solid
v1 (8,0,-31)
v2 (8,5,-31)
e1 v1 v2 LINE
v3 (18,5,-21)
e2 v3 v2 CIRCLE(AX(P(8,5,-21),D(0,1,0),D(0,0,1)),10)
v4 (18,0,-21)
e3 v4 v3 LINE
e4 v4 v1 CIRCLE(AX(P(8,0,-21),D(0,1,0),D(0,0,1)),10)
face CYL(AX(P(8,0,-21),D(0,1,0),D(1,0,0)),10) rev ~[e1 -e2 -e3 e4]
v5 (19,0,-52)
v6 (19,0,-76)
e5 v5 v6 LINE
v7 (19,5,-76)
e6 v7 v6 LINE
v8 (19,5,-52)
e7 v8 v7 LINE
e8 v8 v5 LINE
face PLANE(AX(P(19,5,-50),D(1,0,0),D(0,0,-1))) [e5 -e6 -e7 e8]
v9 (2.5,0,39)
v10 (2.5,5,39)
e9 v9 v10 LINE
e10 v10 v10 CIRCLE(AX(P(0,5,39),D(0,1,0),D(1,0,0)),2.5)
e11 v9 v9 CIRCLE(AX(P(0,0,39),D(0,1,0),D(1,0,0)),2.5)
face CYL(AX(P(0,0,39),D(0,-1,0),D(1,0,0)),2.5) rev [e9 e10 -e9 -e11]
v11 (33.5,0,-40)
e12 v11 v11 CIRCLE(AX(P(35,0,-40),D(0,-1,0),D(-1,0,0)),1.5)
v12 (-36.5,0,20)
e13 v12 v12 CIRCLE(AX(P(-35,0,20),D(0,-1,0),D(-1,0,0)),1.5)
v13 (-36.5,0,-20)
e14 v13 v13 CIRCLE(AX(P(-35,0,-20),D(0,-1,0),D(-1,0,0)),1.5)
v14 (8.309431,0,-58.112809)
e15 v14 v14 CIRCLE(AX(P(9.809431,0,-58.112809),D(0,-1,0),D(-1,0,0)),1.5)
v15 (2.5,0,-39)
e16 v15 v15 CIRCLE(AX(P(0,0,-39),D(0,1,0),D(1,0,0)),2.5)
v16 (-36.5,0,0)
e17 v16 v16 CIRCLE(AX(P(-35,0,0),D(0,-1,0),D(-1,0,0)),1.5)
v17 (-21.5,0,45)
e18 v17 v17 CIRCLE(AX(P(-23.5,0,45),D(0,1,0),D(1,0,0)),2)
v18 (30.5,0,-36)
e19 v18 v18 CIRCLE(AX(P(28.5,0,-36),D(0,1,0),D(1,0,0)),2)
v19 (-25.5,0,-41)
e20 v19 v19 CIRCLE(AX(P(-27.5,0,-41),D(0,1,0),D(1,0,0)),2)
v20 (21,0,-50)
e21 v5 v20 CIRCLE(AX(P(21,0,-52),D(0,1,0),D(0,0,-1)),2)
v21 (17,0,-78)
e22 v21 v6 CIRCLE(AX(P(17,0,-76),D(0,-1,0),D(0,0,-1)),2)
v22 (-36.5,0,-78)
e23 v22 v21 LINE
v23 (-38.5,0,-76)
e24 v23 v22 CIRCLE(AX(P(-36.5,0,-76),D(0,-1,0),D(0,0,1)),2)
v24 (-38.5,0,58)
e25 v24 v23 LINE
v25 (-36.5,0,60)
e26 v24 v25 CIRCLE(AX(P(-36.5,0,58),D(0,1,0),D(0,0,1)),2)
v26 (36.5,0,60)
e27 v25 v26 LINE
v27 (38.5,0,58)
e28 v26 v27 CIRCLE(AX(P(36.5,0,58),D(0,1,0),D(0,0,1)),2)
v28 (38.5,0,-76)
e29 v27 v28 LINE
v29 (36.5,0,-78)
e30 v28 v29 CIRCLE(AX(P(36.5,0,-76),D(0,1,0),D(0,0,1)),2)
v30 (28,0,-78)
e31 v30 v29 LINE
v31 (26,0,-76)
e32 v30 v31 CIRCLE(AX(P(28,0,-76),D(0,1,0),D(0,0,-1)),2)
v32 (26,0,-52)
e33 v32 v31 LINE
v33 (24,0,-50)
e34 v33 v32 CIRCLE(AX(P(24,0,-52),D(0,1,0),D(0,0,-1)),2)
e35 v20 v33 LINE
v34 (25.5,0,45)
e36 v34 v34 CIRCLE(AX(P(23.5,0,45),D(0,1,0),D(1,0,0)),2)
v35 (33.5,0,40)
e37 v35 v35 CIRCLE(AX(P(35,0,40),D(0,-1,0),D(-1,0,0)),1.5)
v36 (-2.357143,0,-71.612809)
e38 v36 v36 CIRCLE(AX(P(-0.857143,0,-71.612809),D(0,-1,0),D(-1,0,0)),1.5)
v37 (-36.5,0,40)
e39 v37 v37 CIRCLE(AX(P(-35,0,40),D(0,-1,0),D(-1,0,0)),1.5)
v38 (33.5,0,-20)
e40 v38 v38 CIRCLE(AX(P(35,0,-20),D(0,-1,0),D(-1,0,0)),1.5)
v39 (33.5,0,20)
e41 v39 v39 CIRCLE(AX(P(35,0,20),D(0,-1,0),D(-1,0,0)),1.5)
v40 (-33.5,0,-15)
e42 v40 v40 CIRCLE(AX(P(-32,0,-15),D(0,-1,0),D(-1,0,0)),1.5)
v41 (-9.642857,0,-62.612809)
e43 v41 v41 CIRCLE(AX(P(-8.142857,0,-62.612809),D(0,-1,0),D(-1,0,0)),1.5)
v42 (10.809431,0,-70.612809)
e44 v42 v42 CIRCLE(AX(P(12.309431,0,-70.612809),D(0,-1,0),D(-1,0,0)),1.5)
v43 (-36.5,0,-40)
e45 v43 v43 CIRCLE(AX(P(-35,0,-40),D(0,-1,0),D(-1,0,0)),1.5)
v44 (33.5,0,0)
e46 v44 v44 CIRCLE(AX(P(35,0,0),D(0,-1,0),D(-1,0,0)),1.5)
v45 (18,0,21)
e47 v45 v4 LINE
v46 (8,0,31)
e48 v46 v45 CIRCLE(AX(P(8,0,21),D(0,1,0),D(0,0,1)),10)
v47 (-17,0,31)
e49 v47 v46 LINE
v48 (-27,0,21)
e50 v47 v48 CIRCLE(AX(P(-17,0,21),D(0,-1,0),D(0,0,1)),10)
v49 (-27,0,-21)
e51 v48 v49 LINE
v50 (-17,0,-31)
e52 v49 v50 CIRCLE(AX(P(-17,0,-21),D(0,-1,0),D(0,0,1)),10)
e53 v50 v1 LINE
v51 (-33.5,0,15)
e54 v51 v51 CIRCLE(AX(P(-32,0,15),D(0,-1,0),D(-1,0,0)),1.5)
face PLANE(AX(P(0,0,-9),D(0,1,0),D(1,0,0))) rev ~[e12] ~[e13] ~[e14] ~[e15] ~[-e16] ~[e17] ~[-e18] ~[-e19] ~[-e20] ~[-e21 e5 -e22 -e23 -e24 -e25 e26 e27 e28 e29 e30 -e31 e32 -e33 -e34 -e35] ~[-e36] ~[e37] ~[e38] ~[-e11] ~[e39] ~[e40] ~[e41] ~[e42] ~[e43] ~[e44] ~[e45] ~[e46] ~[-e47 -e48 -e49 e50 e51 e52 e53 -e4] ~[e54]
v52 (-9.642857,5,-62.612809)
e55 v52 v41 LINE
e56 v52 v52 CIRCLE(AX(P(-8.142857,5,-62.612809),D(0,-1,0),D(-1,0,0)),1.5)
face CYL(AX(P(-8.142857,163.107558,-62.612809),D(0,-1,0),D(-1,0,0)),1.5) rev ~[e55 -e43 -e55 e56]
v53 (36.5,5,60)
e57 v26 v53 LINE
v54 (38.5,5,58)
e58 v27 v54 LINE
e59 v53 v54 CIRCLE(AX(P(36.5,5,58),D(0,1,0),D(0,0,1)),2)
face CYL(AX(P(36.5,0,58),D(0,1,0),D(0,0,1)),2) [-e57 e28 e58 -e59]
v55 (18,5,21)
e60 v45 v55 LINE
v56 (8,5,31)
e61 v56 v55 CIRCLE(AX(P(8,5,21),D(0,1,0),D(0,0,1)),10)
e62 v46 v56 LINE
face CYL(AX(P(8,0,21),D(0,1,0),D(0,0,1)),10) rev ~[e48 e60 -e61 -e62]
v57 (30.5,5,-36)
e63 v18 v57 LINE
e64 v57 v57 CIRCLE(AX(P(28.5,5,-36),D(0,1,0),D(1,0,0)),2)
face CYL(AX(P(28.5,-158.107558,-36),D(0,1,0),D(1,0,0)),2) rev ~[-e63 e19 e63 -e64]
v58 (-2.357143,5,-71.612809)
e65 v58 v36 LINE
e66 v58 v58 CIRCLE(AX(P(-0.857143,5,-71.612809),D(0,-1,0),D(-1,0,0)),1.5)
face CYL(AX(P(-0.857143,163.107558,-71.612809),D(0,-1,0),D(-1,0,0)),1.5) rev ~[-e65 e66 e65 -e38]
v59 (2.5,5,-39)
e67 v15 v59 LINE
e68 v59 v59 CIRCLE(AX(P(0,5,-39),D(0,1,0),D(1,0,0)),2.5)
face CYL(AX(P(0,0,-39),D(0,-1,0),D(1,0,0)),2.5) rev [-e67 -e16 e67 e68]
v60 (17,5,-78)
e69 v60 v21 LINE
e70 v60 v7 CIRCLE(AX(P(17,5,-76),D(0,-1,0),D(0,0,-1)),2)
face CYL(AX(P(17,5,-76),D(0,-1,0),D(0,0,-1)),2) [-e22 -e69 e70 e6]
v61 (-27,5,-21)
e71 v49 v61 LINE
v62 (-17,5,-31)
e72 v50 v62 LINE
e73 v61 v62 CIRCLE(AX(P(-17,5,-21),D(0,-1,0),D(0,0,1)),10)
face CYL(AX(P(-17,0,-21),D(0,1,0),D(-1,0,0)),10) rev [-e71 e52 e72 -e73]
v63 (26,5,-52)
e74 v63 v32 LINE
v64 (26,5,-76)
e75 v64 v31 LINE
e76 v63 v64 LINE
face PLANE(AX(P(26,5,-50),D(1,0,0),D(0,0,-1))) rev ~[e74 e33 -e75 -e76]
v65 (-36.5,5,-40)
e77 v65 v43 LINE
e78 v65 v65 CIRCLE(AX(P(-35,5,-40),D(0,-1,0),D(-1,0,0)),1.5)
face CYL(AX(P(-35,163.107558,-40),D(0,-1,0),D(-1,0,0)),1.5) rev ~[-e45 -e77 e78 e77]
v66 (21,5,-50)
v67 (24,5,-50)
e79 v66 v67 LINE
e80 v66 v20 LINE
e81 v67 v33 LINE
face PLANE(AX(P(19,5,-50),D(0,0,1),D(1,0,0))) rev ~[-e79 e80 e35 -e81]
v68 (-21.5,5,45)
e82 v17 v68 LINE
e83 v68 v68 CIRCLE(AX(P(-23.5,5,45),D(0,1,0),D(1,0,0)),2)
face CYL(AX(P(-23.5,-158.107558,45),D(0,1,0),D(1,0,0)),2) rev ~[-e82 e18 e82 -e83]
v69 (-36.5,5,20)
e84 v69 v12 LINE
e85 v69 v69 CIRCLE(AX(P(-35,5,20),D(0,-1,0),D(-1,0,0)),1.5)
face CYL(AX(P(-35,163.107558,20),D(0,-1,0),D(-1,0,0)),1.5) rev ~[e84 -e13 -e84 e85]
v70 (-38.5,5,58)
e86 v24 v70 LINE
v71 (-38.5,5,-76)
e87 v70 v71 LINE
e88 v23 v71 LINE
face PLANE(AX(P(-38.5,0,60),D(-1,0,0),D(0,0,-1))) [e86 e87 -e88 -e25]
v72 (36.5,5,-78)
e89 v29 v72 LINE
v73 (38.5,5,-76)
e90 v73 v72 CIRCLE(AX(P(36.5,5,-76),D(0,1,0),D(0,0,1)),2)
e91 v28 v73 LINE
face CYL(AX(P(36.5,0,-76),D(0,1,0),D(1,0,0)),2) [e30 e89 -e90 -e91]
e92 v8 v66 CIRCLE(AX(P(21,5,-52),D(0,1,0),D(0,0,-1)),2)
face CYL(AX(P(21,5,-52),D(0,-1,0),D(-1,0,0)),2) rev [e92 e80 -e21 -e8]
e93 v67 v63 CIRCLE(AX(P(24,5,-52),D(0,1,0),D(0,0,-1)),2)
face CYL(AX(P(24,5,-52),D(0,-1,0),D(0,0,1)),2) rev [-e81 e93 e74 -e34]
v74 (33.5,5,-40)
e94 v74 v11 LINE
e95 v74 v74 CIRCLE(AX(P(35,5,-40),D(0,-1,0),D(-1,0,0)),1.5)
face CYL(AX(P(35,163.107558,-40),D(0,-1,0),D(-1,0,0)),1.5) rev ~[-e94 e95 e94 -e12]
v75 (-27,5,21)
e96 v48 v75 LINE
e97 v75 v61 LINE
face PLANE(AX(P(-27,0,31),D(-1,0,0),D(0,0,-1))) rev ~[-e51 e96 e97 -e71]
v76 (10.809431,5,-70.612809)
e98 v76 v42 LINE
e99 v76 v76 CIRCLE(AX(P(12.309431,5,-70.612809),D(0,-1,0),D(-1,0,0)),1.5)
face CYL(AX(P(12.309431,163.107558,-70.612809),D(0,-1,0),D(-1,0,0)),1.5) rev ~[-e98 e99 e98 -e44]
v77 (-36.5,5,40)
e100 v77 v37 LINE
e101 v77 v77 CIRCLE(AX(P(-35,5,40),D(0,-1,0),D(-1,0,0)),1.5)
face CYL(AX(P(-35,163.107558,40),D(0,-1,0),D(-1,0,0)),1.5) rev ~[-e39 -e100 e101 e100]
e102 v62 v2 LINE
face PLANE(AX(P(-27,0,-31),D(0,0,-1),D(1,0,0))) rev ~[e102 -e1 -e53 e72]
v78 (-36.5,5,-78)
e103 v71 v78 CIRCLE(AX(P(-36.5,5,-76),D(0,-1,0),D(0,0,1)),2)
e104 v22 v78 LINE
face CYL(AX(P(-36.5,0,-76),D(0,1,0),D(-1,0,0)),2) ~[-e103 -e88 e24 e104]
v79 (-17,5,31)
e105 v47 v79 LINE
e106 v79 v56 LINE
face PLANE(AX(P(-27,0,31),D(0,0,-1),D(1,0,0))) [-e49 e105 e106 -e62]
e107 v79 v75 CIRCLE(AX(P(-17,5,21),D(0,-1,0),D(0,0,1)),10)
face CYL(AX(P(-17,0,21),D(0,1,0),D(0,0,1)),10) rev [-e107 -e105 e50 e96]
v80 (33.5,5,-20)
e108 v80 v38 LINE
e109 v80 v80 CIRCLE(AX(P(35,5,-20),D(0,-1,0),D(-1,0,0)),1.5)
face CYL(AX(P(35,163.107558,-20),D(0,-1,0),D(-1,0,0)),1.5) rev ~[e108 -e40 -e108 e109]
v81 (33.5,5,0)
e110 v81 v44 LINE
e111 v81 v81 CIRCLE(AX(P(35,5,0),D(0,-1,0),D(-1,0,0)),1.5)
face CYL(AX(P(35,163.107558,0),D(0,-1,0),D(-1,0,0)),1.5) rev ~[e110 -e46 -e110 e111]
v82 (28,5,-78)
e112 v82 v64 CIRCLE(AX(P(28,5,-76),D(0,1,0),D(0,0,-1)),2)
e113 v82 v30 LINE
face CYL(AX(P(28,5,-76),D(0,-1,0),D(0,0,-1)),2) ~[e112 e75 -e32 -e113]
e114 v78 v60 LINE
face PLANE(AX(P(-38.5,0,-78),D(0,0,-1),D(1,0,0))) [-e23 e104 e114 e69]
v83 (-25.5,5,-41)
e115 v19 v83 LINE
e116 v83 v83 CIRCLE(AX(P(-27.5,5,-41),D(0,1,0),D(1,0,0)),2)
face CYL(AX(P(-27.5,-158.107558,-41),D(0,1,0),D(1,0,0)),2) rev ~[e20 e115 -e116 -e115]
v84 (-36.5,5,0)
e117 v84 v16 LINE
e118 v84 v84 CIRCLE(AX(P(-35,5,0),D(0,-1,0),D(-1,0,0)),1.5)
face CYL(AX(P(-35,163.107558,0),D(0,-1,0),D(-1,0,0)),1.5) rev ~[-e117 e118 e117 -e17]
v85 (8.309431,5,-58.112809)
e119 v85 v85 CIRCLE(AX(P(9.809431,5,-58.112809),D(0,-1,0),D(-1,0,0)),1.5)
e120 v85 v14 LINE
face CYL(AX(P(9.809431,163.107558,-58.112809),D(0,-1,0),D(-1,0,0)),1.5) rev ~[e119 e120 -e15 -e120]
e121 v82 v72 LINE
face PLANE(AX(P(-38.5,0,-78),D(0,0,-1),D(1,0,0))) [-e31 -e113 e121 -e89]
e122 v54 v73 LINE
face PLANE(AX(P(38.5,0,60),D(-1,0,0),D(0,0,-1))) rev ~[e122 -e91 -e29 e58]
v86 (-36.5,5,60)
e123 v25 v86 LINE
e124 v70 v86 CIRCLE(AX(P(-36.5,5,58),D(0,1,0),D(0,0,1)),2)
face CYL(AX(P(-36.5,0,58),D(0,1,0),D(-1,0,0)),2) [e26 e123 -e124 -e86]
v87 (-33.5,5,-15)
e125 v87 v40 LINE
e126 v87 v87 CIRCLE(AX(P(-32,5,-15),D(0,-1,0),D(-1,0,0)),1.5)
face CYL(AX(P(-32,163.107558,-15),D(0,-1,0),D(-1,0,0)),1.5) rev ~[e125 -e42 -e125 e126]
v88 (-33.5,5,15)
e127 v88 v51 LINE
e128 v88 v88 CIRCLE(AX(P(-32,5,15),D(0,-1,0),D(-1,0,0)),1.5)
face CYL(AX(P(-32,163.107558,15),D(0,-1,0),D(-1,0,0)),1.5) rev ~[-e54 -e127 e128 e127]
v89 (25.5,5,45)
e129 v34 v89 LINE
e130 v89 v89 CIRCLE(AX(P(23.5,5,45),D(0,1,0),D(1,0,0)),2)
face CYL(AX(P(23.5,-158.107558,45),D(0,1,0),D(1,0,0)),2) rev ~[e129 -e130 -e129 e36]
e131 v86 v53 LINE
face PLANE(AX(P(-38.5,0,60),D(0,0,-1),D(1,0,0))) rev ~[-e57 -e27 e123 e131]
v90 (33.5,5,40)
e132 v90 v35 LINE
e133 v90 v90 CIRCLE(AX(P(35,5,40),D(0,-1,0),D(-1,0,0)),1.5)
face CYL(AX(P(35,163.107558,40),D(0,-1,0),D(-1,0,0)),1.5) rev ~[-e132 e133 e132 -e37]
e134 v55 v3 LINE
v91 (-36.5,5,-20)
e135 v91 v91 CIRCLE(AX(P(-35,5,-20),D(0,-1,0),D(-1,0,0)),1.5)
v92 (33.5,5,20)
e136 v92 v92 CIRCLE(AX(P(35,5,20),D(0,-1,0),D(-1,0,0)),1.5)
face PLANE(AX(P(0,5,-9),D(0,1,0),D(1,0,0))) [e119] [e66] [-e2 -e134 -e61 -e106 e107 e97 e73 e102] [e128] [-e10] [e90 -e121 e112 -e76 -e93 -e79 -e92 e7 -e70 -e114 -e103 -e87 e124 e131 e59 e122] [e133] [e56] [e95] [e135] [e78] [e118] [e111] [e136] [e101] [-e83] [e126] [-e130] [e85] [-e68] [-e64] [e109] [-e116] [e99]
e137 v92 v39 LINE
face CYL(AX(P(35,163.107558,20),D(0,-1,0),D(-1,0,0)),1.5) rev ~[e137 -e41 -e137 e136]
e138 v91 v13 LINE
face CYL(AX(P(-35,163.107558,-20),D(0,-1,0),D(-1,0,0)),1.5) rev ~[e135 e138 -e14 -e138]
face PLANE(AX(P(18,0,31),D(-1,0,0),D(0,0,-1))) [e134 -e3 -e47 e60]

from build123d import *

# Parameters (mm, degrees)
SKETCH_1_W          = 77
SKETCH_1_H          = 138
SKETCH_1_R          = 2.5
SKETCH_1_W_2        = 45
SKETCH_1_H_2        = 62
EXTRUDE_1_DEPTH     = 5
SKETCH_7_W          = 7
SKETCH_7_H          = 28
CUT_EXTRUDE_1_DEPTH = 6
MM_CLEARANCE_0_D    = 4
FILLET_1_R          = 10
FILLET_2_R          = 2
MM_TRANSITIONAL_0_D = 3
MM_CLEARANCE_0_2_D  = 3


with BuildPart() as part:
    # 草图1 → 凸台-拉伸1 (new body)
    with BuildSketch(Plane(origin=(0, 0, 0), x_dir=(1, 0, 0), z_dir=(0, 1, 0))):
        with Locations((0, 9)):
            Rectangle(SKETCH_1_W, SKETCH_1_H)
        with Locations((0, 39)):
            Circle(SKETCH_1_R, mode=Mode.SUBTRACT)
        with Locations((0, -39)):
            Circle(SKETCH_1_R, mode=Mode.SUBTRACT)
        with Locations((-4.5, 0)):
            Rectangle(SKETCH_1_W_2, SKETCH_1_H_2, mode=Mode.SUBTRACT)
    extrude(amount=EXTRUDE_1_DEPTH)

    # 草图7 → 切除-拉伸1 (cut, through all)
    with BuildSketch(Plane(origin=(0, 5, 0), x_dir=(1, 0, 0), z_dir=(0, 1, 0))):
        with Locations((22.5, 64)):
            Rectangle(SKETCH_7_W, SKETCH_7_H)
    extrude(amount=-CUT_EXTRUDE_1_DEPTH, mode=Mode.SUBTRACT)

    # mm Clearance _0 (through all)
    with Locations(Plane(origin=(0, 0, 0), x_dir=(-1, 0, 0), z_dir=(0, -1, 0))):
        with Locations((-28.5, 36), (27.5, 41), (23.5, -45), (-23.5, -45)):
            Hole(MM_CLEARANCE_0_D / 2)

    # 圆角1
    fillet_1_edges = [part.edges().sort_by_distance(p)[0] for p in [
        (-27, 2.5, -31),
        (-27, 2.5, 31),
        (18, 2.5, 31),
        (18, 2.5, -31),
    ]]
    fillet(fillet_1_edges, radius=FILLET_1_R)

    # 圆角2
    fillet_2_edges = [part.edges().sort_by_distance(p)[0] for p in [
        (19, 2.5, -50),
        (19, 2.5, -78),
        (26, 2.5, -78),
        (26, 2.5, -50),
        (38.5, 2.5, 60),
        (-38.5, 2.5, 60),
        (-38.5, 2.5, -78),
        (38.5, 2.5, -78),
    ]]
    fillet(fillet_2_edges, radius=FILLET_2_R)

    # 大小mm Transitional 暗销孔0 (through all)
    with Locations(Plane(origin=(0, 5, 0), x_dir=(1, 0, 0), z_dir=(0, 1, 0))):
        with Locations((-31.999999999, 15), (-31.999999999, -15), (-8.142857142, 62.612808878), (-0.857142857, 71.612808878), (12.309431, 70.612808878), (9.80943136, 58.112808878)):
            Hole(MM_TRANSITIONAL_0_D / 2)

    # mm Clearance _0 2 (through all)
    with Locations(Plane(origin=(0, 5, 0), x_dir=(1, 0, 0), z_dir=(0, 1, 0))):
        with Locations((-35, 0), (-35, 20), (-35, 40), (-35, -40), (-35, -20), (35, 40), (35, 20), (35, 0), (35, -20), (35, -40)):
            Hole(MM_CLEARANCE_0_2_D / 2)


solid = part.part
